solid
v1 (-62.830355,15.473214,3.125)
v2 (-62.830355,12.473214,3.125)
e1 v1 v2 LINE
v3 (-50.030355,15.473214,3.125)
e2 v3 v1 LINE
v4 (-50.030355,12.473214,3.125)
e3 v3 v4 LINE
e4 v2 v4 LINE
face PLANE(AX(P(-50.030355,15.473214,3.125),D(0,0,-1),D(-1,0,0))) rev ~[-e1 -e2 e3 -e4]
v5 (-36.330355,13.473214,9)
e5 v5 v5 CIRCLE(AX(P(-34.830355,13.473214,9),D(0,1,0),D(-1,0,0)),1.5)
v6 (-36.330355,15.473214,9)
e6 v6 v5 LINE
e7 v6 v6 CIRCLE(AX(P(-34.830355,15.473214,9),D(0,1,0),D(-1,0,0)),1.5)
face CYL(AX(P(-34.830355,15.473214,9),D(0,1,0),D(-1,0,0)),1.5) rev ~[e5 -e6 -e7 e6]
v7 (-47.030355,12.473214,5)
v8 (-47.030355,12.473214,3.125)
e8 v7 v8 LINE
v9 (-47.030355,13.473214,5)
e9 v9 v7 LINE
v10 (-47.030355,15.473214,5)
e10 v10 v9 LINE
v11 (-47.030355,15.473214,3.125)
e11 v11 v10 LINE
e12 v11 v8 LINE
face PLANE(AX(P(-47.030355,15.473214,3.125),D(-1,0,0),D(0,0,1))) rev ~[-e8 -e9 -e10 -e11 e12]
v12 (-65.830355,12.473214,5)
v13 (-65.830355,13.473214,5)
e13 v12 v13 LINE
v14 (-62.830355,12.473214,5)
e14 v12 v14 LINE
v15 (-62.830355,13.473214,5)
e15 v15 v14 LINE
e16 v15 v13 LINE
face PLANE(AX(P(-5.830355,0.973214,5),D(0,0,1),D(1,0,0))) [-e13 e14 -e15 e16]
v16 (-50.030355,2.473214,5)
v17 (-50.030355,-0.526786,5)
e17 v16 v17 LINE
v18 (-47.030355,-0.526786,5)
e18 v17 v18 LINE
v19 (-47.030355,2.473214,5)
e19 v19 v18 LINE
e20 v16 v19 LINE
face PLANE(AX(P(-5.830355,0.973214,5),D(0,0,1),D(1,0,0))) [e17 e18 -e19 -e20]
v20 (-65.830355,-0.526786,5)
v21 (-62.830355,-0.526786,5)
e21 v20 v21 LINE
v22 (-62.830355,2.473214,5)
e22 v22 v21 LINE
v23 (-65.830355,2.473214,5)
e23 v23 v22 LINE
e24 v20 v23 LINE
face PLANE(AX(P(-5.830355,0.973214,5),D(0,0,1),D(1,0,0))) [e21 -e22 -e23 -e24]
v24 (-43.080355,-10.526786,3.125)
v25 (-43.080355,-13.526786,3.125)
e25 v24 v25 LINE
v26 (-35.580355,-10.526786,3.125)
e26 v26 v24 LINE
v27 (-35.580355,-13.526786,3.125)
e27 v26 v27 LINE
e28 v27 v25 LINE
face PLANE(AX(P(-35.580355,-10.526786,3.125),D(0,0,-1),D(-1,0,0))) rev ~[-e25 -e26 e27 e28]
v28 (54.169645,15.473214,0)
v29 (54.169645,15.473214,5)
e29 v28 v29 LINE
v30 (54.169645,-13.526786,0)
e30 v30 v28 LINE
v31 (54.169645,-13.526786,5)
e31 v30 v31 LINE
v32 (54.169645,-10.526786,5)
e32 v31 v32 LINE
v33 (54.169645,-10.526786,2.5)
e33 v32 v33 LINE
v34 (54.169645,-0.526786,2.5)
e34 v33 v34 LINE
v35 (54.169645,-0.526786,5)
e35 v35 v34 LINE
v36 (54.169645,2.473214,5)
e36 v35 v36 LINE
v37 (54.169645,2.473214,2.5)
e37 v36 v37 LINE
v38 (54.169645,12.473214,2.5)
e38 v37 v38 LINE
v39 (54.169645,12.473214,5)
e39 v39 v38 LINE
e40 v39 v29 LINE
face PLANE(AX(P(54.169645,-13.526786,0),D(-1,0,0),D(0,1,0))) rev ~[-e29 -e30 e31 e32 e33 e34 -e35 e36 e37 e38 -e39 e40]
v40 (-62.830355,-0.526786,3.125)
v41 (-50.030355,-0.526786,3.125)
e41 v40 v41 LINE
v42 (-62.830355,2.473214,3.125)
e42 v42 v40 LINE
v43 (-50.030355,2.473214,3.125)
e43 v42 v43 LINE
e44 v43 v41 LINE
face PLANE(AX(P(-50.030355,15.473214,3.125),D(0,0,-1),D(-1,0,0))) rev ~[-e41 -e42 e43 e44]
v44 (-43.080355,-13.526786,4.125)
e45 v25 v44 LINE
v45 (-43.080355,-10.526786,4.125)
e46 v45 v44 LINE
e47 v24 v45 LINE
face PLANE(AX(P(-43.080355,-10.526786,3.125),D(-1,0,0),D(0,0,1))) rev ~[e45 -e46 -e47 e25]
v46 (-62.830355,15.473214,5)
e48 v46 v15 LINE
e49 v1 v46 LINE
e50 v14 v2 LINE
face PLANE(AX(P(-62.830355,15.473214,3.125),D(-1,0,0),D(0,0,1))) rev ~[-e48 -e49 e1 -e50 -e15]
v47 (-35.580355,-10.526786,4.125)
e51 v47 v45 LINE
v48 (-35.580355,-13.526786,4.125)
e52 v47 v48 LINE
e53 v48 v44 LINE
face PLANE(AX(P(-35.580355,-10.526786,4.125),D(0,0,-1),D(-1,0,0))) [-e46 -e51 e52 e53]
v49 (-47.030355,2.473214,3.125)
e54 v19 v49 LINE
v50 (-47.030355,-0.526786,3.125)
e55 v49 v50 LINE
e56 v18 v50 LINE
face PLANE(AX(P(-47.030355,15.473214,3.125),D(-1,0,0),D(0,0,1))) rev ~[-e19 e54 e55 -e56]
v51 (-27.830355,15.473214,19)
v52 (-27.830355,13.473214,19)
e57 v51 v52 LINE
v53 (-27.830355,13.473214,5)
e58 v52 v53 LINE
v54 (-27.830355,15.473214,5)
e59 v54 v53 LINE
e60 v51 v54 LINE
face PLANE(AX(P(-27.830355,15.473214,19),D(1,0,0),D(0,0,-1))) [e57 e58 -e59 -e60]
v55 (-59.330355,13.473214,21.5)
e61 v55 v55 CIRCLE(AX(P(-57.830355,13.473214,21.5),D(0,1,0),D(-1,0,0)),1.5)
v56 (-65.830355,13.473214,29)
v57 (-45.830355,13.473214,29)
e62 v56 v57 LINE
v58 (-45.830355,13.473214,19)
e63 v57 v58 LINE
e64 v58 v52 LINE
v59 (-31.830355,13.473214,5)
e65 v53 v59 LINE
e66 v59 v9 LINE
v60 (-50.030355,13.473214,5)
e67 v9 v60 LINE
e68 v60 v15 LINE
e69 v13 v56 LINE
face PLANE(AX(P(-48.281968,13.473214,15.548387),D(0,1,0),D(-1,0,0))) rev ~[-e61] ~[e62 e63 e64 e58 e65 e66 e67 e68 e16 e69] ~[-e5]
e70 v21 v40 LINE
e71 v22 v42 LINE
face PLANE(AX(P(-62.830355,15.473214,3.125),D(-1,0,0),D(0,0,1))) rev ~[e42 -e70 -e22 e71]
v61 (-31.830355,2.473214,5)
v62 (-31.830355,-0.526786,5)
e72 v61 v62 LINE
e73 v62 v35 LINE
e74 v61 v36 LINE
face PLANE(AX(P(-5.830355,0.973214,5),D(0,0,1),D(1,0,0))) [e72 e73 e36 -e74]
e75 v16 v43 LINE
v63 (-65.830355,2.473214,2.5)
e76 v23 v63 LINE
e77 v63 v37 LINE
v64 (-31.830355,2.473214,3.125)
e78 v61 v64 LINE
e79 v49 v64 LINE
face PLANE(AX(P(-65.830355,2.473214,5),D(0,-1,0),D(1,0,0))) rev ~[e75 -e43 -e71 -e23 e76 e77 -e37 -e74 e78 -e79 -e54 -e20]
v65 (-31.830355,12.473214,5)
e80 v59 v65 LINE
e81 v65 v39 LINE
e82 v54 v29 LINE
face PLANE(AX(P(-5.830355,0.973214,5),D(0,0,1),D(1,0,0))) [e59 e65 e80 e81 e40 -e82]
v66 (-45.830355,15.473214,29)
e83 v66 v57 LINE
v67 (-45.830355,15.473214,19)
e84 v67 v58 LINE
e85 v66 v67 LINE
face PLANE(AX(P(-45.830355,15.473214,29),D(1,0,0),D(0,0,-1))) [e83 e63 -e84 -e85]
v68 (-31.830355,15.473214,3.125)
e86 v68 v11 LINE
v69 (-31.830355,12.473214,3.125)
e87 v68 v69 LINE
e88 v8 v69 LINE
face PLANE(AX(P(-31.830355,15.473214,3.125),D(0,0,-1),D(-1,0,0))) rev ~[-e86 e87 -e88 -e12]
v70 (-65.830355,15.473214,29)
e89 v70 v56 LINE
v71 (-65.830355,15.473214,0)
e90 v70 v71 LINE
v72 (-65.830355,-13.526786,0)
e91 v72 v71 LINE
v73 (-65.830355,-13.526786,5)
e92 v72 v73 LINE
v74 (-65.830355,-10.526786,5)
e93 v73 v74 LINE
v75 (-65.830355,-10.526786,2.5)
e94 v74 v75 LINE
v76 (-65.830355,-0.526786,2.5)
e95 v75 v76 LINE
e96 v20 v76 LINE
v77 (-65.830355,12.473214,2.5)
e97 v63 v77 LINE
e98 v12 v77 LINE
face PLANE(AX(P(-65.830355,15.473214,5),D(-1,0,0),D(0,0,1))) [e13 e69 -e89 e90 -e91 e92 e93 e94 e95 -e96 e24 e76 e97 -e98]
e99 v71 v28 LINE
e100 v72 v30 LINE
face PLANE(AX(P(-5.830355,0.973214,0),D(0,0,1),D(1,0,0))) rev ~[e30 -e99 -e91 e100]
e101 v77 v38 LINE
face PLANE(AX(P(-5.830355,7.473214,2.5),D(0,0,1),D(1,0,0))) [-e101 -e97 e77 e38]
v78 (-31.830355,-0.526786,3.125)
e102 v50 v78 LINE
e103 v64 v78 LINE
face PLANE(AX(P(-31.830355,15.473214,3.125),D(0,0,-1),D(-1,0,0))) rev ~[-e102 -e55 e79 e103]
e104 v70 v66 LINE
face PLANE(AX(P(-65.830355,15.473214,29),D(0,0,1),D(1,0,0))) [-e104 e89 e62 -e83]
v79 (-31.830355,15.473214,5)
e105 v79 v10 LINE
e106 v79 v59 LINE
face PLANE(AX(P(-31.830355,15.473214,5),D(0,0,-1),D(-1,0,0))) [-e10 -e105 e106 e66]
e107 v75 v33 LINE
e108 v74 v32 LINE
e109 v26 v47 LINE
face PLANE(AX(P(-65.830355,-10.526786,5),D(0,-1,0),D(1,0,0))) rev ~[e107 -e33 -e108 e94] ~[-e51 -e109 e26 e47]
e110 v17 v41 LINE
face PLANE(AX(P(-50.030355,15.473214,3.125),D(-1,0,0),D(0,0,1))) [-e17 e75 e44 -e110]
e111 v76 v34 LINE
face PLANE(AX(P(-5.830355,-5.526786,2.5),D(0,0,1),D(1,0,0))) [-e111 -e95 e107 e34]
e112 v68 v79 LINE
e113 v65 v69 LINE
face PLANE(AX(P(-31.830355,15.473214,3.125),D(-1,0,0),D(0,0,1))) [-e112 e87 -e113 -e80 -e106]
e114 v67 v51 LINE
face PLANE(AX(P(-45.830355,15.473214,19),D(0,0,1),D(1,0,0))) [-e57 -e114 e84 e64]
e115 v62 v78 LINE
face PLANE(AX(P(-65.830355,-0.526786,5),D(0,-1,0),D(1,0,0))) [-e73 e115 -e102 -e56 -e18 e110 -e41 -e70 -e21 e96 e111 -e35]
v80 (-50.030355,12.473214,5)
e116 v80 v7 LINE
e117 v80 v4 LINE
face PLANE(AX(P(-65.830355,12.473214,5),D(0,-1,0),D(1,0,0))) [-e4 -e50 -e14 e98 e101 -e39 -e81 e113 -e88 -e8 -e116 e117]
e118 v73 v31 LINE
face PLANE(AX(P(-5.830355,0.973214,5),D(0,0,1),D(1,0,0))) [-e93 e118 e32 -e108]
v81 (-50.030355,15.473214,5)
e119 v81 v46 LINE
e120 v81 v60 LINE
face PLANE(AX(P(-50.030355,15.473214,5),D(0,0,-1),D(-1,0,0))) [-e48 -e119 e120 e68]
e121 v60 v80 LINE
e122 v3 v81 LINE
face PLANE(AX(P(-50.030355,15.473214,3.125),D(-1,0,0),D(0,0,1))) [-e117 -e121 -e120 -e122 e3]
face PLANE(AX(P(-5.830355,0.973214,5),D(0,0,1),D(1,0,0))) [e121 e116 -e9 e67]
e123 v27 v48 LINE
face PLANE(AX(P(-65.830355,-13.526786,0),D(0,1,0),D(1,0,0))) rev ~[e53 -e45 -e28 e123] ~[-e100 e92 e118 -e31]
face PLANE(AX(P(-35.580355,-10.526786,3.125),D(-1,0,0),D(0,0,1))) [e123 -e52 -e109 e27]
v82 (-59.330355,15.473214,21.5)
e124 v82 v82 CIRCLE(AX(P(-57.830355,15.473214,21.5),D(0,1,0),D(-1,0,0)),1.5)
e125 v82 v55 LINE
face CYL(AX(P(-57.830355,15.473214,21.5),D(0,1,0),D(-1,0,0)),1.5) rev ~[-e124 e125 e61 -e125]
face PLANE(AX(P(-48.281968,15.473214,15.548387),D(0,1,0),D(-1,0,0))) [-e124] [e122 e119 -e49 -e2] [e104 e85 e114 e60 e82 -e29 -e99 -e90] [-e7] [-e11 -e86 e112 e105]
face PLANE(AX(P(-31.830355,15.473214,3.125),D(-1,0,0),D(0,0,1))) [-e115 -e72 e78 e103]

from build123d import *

# Parameters (mm, degrees)
F0_W      = 120
F0_H      = 29
F1_DEPTH  = 5
F2_W      = 120
F2_H      = 10
F3_DEPTH  = 2.5
F5_DEPTH  = 2
F6_R      = 1.5
F7_DEPTH  = 25
F8_W      = 15.2
F8_H      = 1.875
F8_W_2    = 12.8
F9_DEPTH  = 18
F10_W     = 7.5
F10_H     = 1
F11_DEPTH = 3.001


with BuildPart() as f1:
    # F0 (on Top) → F1 (new body)
    with BuildSketch(Plane.XY):
        with Locations((-5.830355, 0.973214)):
            Rectangle(F0_W, F0_H)
    extrude(amount=F1_DEPTH)

    # F2 (on face) → F3 (cut)
    with BuildSketch(Plane.XY.offset(5)):
        with Locations((-5.830355, 7.473214)):
            Rectangle(F2_W, F2_H)
        with Locations((-5.830355, -5.526786)):
            Rectangle(F2_W, F2_H)
    extrude(amount=-F3_DEPTH, mode=Mode.SUBTRACT)

    # F4 (on face) → F5 (join)
    with BuildSketch(Plane(origin=(0, 15.473214, 0), x_dir=(-1, 0, 0), z_dir=(0, 1, 0))):
        Polygon((45.830355, 5), (65.830355, 5), (65.830355, 29), (45.830355, 29), (45.830355, 19), (27.830355, 19), (27.830355, 5), align=None)
    extrude(amount=-F5_DEPTH)

    # F6 (on face) → F7 (cut)
    with BuildSketch(Plane(origin=(0, 15.473214, 0), x_dir=(-1, 0, 0), z_dir=(0, 1, 0))):
        with Locations((57.830355, 21.5)):
            Circle(F6_R)
        with Locations((34.830355, 9)):
            Circle(F6_R)
    extrude(amount=-F7_DEPTH, mode=Mode.SUBTRACT)

    # F8 (on face) → F9 (cut)
    with BuildSketch(Plane(origin=(0, 15.473214, 0), x_dir=(-1, 0, 0), z_dir=(0, 1, 0))):
        with Locations((39.430355, 4.0625)):
            Rectangle(F8_W, F8_H)
        with Locations((56.430355, 4.0625)):
            Rectangle(F8_W_2, F8_H)
    extrude(amount=-F9_DEPTH, mode=Mode.SUBTRACT)

    # F10 (on face) → F11 (cut, through all)
    with BuildSketch(Plane(origin=(0, -10.526786, 0), x_dir=(-1, 0, 0), z_dir=(0, 1, 0))):
        with Locations((39.330355, 3.625)):
            Rectangle(F10_W, F10_H)
    extrude(amount=-F11_DEPTH, mode=Mode.SUBTRACT)


solid = f1.part
